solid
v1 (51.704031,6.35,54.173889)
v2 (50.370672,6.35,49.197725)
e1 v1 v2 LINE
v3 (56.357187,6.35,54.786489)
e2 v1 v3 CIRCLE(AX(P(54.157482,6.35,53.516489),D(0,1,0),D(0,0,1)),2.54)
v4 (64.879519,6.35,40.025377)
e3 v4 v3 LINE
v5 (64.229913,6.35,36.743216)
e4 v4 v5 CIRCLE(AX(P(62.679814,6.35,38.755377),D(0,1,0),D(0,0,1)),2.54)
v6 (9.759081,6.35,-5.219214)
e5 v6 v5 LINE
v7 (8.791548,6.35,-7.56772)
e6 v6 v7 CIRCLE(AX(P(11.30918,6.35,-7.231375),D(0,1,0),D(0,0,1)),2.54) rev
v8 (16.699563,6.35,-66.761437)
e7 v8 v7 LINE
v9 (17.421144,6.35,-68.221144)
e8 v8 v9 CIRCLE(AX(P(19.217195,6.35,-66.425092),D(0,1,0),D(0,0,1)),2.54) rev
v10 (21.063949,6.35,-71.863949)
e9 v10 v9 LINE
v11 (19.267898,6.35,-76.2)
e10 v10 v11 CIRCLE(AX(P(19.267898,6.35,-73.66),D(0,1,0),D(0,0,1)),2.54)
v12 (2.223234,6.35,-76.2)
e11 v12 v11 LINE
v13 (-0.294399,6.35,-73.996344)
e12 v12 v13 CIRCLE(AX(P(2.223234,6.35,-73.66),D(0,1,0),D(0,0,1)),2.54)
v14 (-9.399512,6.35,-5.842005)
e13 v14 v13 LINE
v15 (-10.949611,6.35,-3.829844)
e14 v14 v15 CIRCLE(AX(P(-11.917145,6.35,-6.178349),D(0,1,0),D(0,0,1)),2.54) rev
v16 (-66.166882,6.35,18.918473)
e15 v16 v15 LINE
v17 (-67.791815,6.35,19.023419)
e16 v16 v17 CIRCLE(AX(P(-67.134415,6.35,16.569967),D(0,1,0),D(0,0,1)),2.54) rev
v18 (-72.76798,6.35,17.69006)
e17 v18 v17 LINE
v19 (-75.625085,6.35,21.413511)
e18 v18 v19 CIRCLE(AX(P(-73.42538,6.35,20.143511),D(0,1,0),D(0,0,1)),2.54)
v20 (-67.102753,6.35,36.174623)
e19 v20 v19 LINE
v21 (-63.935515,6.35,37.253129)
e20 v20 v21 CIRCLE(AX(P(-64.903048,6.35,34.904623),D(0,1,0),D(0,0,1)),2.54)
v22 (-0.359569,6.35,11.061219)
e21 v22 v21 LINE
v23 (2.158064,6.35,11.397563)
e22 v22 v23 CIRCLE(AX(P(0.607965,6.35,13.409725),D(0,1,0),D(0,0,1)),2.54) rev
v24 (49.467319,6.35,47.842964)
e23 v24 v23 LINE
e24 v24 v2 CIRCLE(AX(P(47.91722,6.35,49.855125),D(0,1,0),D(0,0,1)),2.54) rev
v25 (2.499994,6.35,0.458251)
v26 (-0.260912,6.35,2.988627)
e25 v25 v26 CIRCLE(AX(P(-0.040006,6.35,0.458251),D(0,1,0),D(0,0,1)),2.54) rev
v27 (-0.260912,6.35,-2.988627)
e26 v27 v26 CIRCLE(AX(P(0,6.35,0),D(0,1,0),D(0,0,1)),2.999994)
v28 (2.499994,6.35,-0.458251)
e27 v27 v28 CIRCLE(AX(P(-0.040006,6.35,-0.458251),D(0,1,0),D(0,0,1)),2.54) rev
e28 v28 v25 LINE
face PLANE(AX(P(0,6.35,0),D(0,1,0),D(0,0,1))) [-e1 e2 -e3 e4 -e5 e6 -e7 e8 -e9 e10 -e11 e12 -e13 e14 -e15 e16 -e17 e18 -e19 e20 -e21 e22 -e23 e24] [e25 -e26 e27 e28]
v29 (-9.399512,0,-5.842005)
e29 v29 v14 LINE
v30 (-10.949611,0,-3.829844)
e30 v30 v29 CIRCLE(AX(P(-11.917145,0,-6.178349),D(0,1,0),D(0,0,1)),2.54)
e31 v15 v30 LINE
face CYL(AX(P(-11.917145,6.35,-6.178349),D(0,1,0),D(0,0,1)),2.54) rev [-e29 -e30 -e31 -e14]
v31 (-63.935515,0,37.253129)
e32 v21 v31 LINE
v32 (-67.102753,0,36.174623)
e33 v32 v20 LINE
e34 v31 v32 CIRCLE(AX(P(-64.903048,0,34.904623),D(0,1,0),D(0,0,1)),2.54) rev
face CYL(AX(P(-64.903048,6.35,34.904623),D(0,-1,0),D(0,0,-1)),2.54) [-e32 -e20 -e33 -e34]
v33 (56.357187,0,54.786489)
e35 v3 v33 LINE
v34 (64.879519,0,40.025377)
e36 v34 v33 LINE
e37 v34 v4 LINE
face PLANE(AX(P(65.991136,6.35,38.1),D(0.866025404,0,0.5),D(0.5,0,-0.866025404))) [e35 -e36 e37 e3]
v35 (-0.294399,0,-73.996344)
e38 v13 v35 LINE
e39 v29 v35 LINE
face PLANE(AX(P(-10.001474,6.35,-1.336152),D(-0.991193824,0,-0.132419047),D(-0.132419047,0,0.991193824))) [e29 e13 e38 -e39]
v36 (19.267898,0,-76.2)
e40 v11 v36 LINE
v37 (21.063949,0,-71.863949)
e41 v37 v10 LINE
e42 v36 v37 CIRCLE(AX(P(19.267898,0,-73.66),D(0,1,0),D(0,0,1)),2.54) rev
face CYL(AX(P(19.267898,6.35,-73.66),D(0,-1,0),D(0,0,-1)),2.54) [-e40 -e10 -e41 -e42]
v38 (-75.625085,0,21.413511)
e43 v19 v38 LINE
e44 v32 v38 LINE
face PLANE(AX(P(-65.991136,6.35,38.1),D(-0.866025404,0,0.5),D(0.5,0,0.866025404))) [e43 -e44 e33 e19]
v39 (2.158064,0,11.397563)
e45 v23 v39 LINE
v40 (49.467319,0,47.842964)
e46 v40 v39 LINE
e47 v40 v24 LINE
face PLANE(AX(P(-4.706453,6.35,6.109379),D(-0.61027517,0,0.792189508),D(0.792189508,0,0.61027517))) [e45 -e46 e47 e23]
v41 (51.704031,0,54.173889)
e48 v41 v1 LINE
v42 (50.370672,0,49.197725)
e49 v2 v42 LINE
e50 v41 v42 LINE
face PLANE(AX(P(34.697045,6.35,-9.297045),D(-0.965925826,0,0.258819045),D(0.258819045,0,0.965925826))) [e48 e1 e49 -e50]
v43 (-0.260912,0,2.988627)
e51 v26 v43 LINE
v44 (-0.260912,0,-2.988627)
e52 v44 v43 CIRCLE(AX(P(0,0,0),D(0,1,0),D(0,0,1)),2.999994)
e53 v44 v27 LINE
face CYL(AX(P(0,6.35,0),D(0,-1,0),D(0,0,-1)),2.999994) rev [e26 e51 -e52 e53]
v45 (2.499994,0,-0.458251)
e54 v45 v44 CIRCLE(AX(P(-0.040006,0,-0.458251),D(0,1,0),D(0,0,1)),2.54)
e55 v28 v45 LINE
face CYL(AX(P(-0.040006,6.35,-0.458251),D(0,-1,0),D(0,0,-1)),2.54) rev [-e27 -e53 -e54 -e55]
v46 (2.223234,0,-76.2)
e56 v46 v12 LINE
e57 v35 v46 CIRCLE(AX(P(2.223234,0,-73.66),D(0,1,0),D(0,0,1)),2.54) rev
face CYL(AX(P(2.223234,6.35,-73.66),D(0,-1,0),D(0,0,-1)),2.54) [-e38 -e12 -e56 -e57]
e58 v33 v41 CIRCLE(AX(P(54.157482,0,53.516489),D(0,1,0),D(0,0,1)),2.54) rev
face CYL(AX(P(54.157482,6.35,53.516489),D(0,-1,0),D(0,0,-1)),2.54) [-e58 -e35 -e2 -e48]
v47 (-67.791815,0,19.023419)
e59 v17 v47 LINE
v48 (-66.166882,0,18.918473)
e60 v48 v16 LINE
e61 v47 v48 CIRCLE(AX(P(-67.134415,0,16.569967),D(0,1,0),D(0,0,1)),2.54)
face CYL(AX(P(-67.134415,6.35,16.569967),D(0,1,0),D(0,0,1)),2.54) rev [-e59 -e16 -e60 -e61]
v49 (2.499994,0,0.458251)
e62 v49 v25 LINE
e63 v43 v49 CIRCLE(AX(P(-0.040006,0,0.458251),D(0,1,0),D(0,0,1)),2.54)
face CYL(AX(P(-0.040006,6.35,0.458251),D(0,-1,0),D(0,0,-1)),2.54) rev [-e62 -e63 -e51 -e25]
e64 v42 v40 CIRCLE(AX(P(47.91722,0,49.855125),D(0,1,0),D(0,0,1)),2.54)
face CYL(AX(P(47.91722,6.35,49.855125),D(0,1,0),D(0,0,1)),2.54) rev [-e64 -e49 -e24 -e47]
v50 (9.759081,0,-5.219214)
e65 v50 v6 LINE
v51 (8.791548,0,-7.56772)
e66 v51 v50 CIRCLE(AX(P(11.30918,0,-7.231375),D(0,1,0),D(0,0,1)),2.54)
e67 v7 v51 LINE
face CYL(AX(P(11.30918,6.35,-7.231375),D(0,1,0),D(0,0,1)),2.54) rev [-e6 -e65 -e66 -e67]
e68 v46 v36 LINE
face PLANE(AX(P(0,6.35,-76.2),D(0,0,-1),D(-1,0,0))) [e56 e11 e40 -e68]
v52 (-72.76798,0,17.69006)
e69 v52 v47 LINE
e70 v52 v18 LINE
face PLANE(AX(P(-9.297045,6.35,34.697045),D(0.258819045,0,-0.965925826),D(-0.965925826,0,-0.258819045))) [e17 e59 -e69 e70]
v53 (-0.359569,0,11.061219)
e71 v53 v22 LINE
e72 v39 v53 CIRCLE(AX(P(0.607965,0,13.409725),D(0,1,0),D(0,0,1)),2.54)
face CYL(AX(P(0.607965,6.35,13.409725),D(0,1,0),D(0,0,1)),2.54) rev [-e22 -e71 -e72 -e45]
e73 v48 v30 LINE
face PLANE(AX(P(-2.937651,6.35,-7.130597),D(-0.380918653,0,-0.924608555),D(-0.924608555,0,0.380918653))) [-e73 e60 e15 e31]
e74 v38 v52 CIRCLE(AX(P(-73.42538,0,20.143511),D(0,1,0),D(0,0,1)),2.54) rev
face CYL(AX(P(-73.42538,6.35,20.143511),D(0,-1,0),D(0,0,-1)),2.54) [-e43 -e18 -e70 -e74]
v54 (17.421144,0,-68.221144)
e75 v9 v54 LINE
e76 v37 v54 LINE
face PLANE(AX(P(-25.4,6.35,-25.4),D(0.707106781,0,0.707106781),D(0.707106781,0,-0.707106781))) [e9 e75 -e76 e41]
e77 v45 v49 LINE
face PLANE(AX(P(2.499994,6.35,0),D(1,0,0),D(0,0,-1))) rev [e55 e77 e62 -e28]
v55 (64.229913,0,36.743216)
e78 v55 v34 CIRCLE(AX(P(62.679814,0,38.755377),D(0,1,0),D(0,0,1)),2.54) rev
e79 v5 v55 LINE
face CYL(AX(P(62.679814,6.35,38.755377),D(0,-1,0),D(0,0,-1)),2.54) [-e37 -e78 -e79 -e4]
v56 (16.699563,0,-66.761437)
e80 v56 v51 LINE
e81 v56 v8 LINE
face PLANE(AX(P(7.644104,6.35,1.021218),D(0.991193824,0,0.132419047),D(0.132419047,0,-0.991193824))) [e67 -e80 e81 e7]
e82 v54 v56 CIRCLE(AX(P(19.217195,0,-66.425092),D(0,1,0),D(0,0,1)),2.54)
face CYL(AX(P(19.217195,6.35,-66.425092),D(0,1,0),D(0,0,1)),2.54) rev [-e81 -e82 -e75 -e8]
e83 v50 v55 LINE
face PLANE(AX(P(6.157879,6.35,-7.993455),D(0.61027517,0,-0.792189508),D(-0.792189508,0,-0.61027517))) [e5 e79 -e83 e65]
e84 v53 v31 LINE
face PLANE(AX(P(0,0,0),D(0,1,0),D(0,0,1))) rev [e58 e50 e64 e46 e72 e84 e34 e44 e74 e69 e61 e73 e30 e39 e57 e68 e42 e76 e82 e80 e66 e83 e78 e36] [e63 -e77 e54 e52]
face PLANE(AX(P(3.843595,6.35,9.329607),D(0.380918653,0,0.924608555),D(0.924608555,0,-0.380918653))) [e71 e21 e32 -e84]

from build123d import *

# Parameters (mm, degrees)
BOSS_EXTRUDE1_DEPTH = 6.35
FILLET1_R           = 2.54


with BuildPart() as part:
    # Sketch2 → Boss-Extrude1 (new body)
    with BuildSketch(Plane(origin=(0, 0, 0), x_dir=(1, 0, 0), z_dir=(0, 1, 0))):
        Polygon((0, 76.2), (25.4, 76.2), (16.813378089, 67.613378089), (8.597359078, 6.114164014), (65.991135768, -38.1), (53.291135768, -60.097045256), (50.148214016, -48.367501593), (0.99634182, -10.502613374), (-65.991135768, -38.1), (-78.691135768, -16.102954744), (-66.961592105, -19.245876496), (-9.593700898, 4.38844936), align=None)
        with BuildLine():
            Line((2.499994, 1.658310586), (2.499994, -1.658310586))
            ThreePointArc((2.499994, -1.658310586), (-2.999994, 0), (2.499994, 1.658310586))
        make_face(mode=Mode.SUBTRACT)
    extrude(amount=BOSS_EXTRUDE1_DEPTH)

    # Fillet1
    fillet1_edges = [part.edges().sort_by_distance(p)[0] for p in [
        (-65.991135768, 3.175, 38.1),
        (-78.691135768, 3.175, 16.102954744),
        (-66.961592105, 3.175, 19.245876496),
        (-9.593700898, 3.175, -4.38844936),
        (0, 3.175, -76.2),
        (25.4, 3.175, -76.2),
        (16.813378089, 3.175, -67.613378089),
        (8.597359078, 3.175, -6.114164014),
        (65.991135768, 3.175, 38.1),
        (53.291135768, 3.175, 60.097045256),
        (50.148214016, 3.175, 48.367501593),
        (0.99634182, 3.175, 10.502613374),
        (2.499994, 3.175, 1.658310586),
        (2.499994, 3.175, -1.658310586),
    ]]
    fillet(fillet1_edges, radius=FILLET1_R)


solid = part.part
